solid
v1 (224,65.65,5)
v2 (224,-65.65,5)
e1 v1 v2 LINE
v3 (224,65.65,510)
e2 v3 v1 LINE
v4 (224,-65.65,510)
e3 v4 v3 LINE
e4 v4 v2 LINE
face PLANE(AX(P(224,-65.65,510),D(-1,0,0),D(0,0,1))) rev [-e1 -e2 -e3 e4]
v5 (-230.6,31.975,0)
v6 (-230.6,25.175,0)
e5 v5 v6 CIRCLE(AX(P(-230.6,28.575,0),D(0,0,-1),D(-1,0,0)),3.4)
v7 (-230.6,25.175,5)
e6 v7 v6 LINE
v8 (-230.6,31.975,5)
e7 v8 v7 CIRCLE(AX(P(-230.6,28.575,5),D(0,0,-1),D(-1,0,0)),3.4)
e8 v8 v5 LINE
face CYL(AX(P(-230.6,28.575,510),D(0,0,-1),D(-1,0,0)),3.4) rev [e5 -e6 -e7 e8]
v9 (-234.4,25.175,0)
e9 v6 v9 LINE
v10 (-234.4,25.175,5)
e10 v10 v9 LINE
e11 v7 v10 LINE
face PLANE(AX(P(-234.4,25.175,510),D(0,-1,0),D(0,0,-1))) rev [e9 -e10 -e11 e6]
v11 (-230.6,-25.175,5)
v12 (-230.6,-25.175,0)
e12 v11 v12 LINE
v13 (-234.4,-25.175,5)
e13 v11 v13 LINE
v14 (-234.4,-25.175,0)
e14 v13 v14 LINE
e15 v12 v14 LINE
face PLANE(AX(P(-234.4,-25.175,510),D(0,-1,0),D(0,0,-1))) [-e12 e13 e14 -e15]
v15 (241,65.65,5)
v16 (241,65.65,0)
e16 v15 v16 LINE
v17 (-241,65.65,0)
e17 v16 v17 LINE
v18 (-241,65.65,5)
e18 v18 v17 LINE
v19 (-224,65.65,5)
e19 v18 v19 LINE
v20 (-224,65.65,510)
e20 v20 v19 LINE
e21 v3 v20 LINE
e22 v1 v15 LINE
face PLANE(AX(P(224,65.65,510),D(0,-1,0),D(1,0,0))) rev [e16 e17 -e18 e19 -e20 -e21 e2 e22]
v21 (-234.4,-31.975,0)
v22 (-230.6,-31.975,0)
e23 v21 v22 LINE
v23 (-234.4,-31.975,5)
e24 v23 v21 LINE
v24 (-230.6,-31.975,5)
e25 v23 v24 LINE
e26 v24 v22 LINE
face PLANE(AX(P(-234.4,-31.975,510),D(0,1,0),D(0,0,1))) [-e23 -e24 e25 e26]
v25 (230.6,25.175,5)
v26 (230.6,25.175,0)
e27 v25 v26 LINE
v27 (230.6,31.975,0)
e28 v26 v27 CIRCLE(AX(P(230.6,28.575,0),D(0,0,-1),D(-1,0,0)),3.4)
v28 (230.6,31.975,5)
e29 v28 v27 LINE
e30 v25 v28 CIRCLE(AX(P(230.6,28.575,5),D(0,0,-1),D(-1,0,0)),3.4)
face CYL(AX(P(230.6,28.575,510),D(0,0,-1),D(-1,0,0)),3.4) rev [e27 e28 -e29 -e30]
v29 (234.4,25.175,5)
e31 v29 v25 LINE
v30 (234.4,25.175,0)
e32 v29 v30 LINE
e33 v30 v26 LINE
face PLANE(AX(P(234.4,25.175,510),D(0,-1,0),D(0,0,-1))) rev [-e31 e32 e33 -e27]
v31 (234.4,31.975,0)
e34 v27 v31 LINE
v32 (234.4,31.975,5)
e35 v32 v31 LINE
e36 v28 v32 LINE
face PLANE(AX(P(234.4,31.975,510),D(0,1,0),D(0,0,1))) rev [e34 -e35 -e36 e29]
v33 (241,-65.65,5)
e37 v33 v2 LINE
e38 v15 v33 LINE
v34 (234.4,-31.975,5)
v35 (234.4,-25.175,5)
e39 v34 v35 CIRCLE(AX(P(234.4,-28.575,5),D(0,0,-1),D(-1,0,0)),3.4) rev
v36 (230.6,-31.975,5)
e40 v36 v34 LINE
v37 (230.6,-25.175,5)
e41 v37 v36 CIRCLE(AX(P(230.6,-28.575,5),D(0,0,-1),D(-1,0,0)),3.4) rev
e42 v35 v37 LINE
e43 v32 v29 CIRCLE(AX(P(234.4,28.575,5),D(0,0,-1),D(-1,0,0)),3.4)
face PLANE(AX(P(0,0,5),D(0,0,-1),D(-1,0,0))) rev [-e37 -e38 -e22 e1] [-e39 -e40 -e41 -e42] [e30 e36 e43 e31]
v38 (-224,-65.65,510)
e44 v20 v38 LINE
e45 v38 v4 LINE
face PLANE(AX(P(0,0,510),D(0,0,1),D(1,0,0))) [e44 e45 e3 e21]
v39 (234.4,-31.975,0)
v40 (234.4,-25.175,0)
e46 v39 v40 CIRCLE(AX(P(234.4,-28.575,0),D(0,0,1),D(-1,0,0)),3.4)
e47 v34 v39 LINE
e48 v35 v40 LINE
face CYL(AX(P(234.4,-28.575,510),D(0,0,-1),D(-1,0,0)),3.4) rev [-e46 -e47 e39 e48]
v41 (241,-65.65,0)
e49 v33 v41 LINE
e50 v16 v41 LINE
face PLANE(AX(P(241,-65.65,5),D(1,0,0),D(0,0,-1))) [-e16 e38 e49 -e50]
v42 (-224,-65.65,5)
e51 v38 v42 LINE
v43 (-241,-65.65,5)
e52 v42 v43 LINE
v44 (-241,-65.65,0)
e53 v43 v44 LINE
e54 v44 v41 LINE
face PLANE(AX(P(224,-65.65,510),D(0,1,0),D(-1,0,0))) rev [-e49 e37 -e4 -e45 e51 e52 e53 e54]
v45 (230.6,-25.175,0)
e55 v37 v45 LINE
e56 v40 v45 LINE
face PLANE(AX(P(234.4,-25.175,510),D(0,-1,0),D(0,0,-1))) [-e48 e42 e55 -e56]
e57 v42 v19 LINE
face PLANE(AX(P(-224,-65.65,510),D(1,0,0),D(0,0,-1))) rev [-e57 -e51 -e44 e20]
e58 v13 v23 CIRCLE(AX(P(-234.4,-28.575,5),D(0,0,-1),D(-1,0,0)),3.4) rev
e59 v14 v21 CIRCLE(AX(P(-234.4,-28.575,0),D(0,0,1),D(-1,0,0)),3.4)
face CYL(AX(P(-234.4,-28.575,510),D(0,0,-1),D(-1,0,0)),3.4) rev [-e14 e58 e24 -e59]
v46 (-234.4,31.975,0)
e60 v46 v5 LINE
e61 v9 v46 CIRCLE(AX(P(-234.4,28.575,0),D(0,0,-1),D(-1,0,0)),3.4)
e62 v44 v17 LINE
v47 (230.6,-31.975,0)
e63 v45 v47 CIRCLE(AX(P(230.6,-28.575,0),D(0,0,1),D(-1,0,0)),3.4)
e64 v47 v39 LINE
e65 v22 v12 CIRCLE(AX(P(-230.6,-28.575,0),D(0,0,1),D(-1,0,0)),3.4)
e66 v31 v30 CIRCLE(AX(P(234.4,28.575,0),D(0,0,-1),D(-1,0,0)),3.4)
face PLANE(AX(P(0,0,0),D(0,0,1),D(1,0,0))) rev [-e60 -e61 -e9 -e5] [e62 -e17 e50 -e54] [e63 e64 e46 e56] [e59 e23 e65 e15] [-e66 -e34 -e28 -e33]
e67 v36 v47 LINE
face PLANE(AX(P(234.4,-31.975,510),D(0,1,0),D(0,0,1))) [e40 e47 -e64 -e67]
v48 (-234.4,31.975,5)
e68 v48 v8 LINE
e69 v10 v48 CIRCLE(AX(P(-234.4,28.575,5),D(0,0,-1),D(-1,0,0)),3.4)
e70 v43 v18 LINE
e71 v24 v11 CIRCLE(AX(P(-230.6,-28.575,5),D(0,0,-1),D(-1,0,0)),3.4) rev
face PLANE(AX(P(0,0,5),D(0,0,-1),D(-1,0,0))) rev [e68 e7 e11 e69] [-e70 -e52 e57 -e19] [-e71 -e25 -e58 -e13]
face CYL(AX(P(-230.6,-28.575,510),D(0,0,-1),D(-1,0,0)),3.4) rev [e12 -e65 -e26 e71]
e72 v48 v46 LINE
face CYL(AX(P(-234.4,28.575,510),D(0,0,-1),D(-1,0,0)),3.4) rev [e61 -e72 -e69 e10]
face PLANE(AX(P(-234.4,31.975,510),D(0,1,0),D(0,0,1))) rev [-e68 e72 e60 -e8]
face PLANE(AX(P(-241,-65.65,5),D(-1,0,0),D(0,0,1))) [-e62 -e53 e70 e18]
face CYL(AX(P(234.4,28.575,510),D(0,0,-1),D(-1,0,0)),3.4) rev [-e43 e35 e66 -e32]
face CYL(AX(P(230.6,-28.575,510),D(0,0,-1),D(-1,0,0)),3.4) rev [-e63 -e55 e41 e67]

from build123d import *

# Parameters (mm, degrees)
SKETCH1_W           = 448
SKETCH1_H           = 131.3
BOSS_EXTRUDE1_DEPTH = 510
SKETCH2_W           = 482
SKETCH2_H           = 131.3
BOSS_EXTRUDE2_DEPTH = 5
CUT_EXTRUDE1_DEPTH  = 511


with BuildPart() as part:
    # Sketch1 → Boss-Extrude1 (new body)
    with BuildSketch(Plane.XY):
        Rectangle(SKETCH1_W, SKETCH1_H)
    extrude(amount=BOSS_EXTRUDE1_DEPTH)

    # Sketch2 → Boss-Extrude2 (add)
    with BuildSketch(Plane(origin=(0, 0, 0), x_dir=(-1, 0, 0), z_dir=(0, 0, -1))):
        Rectangle(SKETCH2_W, SKETCH2_H)
    extrude(amount=-BOSS_EXTRUDE2_DEPTH)

    # Sketch3 → Cut-Extrude1 (cut, through all)
    with BuildSketch(Plane(origin=(0, 0, 0), x_dir=(-1, 0, 0), z_dir=(0, 0, -1))):
        with BuildLine():
            Line((-234.4, 31.975), (-230.6, 31.975))
            ThreePointArc((-230.6, 31.975), (-227.2, 28.575), (-230.6, 25.175))
            Line((-230.6, 25.175), (-234.4, 25.175))
            ThreePointArc((-234.4, 25.175), (-237.8, 28.575), (-234.4, 31.975))
        make_face()
        with BuildLine():
            Line((234.4, 25.175), (230.6, 25.175))
            ThreePointArc((230.6, 25.175), (227.2, 28.575), (230.6, 31.975))
            Line((230.6, 31.975), (234.4, 31.975))
            ThreePointArc((234.4, 31.975), (237.8, 28.575), (234.4, 25.175))
        make_face()
    cut_extrude1 = extrude(amount=-CUT_EXTRUDE1_DEPTH, mode=Mode.SUBTRACT)

    # Mirror1: Cut-Extrude1 across plane
    add(cut_extrude1.mirror(Plane.ZX), mode=Mode.SUBTRACT)


solid = part.part
